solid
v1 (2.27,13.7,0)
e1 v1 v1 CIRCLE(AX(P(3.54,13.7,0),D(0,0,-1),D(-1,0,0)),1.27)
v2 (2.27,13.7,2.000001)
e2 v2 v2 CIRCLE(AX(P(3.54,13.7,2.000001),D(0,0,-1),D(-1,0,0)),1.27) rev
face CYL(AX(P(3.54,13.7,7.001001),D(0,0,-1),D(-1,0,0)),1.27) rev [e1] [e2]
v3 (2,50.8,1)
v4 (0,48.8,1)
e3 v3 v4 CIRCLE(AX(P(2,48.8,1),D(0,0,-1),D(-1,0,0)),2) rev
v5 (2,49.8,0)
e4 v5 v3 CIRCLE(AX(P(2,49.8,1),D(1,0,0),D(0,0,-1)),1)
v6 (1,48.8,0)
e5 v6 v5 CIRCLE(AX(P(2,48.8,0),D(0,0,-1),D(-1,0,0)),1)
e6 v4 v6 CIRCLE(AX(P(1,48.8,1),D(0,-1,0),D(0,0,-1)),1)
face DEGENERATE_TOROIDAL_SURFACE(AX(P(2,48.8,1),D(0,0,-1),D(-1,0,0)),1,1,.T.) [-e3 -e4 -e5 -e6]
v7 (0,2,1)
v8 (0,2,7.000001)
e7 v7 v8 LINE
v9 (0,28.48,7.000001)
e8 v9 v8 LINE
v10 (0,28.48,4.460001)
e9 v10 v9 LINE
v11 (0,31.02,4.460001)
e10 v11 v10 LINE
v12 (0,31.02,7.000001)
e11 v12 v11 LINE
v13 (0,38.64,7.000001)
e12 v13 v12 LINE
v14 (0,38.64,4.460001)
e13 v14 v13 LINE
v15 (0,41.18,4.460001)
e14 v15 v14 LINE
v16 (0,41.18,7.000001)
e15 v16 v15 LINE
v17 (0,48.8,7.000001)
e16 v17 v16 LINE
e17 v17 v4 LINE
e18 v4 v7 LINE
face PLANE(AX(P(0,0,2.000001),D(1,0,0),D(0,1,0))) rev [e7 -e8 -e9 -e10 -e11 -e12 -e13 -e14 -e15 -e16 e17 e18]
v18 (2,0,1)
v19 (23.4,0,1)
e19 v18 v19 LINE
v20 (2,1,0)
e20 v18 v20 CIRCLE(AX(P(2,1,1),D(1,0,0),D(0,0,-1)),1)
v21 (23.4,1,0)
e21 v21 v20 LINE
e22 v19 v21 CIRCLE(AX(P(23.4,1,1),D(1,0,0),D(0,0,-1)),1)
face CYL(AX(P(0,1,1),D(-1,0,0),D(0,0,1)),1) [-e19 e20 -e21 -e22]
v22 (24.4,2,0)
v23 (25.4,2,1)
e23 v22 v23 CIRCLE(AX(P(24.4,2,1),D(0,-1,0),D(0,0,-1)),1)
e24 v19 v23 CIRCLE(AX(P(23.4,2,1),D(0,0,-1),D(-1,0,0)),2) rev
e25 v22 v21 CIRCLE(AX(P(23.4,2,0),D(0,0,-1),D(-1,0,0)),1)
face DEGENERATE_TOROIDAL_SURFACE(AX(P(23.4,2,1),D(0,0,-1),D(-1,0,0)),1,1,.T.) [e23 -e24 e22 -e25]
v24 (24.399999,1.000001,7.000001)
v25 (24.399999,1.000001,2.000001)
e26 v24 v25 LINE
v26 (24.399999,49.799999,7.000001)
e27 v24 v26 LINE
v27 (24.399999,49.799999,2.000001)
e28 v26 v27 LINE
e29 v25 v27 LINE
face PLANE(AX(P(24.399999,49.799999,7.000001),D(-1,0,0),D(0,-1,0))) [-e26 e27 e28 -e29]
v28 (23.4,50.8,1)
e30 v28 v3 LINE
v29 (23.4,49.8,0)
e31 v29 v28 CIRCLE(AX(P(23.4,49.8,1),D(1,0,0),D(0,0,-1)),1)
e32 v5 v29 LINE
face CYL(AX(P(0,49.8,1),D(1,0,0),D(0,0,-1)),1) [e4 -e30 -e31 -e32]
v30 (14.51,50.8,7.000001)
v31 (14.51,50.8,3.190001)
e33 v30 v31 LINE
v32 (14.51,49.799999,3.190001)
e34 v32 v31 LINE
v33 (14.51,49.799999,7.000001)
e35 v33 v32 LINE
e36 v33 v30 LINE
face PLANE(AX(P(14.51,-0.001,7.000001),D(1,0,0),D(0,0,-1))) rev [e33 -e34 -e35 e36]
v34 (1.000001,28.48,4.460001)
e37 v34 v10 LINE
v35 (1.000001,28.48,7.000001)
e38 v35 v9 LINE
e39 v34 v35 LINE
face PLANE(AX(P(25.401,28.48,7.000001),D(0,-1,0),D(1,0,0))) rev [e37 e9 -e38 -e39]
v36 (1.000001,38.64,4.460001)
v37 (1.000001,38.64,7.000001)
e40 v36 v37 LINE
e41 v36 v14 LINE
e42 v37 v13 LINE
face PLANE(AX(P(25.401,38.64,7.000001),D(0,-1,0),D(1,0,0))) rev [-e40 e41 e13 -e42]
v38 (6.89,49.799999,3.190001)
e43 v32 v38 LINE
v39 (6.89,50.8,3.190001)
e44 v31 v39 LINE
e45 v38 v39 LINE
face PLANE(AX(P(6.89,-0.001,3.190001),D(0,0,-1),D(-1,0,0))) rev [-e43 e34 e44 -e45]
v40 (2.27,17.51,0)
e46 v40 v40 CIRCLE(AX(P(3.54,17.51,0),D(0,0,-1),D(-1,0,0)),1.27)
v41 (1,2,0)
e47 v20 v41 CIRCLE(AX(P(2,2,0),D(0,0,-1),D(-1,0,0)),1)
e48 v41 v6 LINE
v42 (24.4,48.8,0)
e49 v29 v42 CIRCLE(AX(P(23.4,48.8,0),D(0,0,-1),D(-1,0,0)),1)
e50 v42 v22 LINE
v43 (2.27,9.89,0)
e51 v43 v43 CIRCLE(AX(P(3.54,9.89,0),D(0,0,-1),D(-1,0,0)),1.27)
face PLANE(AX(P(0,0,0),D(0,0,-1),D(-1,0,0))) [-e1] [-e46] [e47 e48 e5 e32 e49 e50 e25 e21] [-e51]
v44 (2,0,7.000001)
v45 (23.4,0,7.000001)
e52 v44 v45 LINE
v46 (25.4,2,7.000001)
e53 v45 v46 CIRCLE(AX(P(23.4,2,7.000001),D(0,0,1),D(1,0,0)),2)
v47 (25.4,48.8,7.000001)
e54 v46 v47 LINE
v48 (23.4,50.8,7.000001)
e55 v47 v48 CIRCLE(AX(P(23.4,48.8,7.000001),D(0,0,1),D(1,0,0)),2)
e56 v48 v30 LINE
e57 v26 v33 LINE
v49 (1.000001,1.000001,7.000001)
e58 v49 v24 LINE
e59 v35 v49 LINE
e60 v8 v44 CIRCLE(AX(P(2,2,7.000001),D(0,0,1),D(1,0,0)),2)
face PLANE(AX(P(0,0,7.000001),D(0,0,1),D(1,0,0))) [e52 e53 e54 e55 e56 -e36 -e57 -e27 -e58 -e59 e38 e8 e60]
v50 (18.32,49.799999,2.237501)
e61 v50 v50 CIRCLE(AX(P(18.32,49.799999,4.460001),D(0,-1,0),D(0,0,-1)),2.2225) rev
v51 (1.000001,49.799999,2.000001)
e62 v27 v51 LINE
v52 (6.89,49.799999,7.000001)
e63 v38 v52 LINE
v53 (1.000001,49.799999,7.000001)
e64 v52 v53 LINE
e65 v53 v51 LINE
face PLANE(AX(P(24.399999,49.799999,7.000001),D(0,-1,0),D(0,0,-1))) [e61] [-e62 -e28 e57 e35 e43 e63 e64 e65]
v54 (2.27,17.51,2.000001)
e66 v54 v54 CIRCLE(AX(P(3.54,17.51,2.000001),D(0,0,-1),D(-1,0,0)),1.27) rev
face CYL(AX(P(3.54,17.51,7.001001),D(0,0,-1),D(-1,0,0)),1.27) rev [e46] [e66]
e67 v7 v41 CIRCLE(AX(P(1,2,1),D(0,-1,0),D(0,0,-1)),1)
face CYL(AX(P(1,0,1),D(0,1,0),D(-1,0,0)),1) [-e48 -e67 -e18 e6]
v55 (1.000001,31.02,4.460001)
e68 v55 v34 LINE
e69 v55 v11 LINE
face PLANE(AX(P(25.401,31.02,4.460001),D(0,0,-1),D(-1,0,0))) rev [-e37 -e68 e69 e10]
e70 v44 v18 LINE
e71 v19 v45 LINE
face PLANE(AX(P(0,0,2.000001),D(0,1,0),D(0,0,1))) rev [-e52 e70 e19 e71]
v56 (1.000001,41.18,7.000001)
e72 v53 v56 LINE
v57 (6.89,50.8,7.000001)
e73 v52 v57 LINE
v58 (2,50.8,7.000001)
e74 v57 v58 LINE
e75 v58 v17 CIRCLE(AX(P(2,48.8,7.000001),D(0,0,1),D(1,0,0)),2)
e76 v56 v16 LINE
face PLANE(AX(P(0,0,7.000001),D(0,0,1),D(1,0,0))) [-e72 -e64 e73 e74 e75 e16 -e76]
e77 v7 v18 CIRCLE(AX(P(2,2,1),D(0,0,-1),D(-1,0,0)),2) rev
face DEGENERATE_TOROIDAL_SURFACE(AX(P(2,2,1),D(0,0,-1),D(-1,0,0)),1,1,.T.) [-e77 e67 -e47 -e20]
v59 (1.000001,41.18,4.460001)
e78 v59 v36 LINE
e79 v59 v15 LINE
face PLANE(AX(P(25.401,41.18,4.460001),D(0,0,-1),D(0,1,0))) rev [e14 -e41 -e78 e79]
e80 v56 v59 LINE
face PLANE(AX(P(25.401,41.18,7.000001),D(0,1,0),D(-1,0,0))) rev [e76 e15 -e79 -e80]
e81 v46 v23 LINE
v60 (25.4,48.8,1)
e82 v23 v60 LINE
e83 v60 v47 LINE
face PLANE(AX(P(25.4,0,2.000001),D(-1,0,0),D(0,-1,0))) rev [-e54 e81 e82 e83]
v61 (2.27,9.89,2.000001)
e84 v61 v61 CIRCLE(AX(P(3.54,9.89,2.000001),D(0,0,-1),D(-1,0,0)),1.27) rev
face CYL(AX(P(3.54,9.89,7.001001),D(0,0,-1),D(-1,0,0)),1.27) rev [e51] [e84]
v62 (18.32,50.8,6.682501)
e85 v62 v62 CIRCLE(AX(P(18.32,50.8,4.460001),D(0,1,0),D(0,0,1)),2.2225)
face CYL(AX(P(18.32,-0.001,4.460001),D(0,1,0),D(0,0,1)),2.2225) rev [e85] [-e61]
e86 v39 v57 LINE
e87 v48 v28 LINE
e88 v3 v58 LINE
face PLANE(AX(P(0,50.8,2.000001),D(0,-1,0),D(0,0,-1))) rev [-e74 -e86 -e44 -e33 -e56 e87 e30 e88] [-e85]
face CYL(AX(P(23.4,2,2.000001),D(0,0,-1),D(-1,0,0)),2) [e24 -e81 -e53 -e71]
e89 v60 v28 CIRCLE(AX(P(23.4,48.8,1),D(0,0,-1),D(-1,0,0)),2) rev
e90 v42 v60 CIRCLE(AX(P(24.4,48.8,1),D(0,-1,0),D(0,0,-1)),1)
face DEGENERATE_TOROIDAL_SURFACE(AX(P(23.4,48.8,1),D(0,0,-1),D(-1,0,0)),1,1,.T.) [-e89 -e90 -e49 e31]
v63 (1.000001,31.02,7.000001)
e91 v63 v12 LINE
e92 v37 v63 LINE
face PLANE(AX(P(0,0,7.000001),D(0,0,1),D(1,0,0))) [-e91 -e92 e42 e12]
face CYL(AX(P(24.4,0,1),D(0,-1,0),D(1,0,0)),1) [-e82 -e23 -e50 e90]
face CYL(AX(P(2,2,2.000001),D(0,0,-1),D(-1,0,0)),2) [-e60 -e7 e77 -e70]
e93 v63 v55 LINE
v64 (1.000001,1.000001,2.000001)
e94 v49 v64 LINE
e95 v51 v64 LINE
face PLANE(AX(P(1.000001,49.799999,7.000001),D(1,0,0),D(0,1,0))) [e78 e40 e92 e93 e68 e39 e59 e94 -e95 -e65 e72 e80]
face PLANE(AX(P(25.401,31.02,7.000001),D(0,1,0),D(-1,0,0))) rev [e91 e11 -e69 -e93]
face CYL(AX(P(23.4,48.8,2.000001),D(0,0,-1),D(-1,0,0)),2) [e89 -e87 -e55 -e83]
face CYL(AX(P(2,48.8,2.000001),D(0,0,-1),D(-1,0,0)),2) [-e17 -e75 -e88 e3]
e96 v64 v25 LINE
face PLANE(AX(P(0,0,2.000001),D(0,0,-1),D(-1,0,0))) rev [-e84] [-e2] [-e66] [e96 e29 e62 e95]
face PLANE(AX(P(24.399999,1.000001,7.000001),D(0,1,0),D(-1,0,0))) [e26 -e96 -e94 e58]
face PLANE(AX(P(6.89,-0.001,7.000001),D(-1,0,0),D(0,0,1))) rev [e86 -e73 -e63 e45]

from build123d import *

# Parameters (mm, degrees)
SKETCH1_W           = 25.4
SKETCH1_H           = 50.8
BOSS_EXTRUDE1_DEPTH = 2.00000108
SKETCH2_W           = 25.4
SKETCH2_H           = 50.8
SKETCH2_W_2         = 23.39999892
SKETCH2_H_2         = 48.79999892
BOSS_EXTRUDE2_DEPTH = 4.999999906
FILLET1_R           = 2.000000064
FILLET2_R           = 1.000000032
CUT_EXTRUDE3_REACH  = 52.8
SKETCH6_R           = 2.2225
CUT_EXTRUDE4_REACH  = 52.8
SKETCH7_W           = 7.62
SKETCH7_H           = 3.81
CUT_EXTRUDE5_REACH  = 27.4
SKETCH8_W           = 2.54
SKETCH8_H           = 2.54
CUT_EXTRUDE6_REACH  = 9
SKETCH9_R           = 1.27


with BuildPart() as part:
    # Sketch1 → Boss-Extrude1 (new body)
    with BuildSketch(Plane.XY):
        with Locations((12.7, 25.4)):
            Rectangle(SKETCH1_W, SKETCH1_H)
    extrude(amount=BOSS_EXTRUDE1_DEPTH)

    # Sketch2 → Boss-Extrude2 (add)
    with BuildSketch(Plane.XY.offset(2.00000108)):
        with Locations((12.7, 25.4)):
            Rectangle(SKETCH2_W, SKETCH2_H)
        with Locations((12.7, 25.4)):
            Rectangle(SKETCH2_W_2, SKETCH2_H_2, mode=Mode.SUBTRACT)
    extrude(amount=BOSS_EXTRUDE2_DEPTH)

    # Fillet1
    fillet1_edges = [part.edges().sort_by_distance(p)[0] for p in [
        (0, 50.8, 3.500000493),
        (25.4, 50.8, 3.500000493),
        (25.4, 0, 3.500000493),
        (0, 0, 3.500000493),
    ]]
    fillet(fillet1_edges, radius=FILLET1_R)

    # Fillet2
    fillet2_edges = [part.edges().sort_by_distance(p)[0] for p in [
        (12.7, 0, 0),
        (0, 25.4, 0),
        (12.7, 50.8, 0),
        (25.4, 25.4, 0),
        (24.814213544, 50.214213544, 0),
        (0.585786456, 50.214213544, 0),
        (24.814213544, 0.585786456, 0),
        (0.585786456, 0.585786456, 0),
    ]]
    fillet(fillet2_edges, radius=FILLET2_R)

    # Sketch6 → Cut-Extrude3 (cut, up to next)
    with BuildSketch(Plane(origin=(0, 50.8, 0), x_dir=(1, 0, 0), z_dir=(0, 1, 0)), mode=Mode.PRIVATE) as cut_extrude3_sk1:
        with Locations((18.319999936, -4.460000986)):
            Circle(SKETCH6_R)
    cut_extrude3_tool1 = extrude(cut_extrude3_sk1.sketch, amount=-CUT_EXTRUDE3_REACH, mode=Mode.PRIVATE) & part.part
    add(cut_extrude3_tool1.solids().sort_by_distance((18.32, 50.8, 4.460001))[0], mode=Mode.SUBTRACT)

    # Sketch7 → Cut-Extrude4 (cut, up to next)
    with BuildSketch(Plane(origin=(0, 50.8, 0), x_dir=(1, 0, 0), z_dir=(0, 1, 0)), mode=Mode.PRIVATE) as cut_extrude4_sk1:
        with Locations((10.699999936, -5.095000986)):
            Rectangle(SKETCH7_W, SKETCH7_H)
    cut_extrude4_tool1 = extrude(cut_extrude4_sk1.sketch, amount=-CUT_EXTRUDE4_REACH, mode=Mode.PRIVATE) & part.part
    add(cut_extrude4_tool1.solids().sort_by_distance((10.7, 50.8, 5.095001))[0], mode=Mode.SUBTRACT)

    # Sketch8 → Cut-Extrude5 (cut, up to next)
    with BuildSketch(Plane.ZY, mode=Mode.PRIVATE) as cut_extrude5_sk1:
        with Locations((5.730000986, 39.909999936)):
            Rectangle(SKETCH8_W, SKETCH8_H)
    cut_extrude5_tool1 = extrude(cut_extrude5_sk1.sketch, amount=-CUT_EXTRUDE5_REACH, mode=Mode.PRIVATE) & part.part
    add(cut_extrude5_tool1.solids().sort_by_distance((0, 39.91, 5.730001))[0], mode=Mode.SUBTRACT)
    # Sketch8 → Cut-Extrude5 (cut, up to next)
    with BuildSketch(Plane.ZY, mode=Mode.PRIVATE) as cut_extrude5_sk2:
        with Locations((5.730000986, 29.749999936)):
            Rectangle(SKETCH8_W, SKETCH8_H)
    cut_extrude5_tool2 = extrude(cut_extrude5_sk2.sketch, amount=-CUT_EXTRUDE5_REACH, mode=Mode.PRIVATE) & part.part
    add(cut_extrude5_tool2.solids().sort_by_distance((0, 29.75, 5.730001))[0], mode=Mode.SUBTRACT)

    # Sketch9 → Cut-Extrude6 (cut, up to next)
    with BuildSketch(Plane(origin=(0, 0, 0), x_dir=(-1, 0, 0), z_dir=(0, 0, -1)), mode=Mode.PRIVATE) as cut_extrude6_sk1:
        with Locations((-3.540000032, 9.890000032)):
            Circle(SKETCH9_R)
    cut_extrude6_tool1 = extrude(cut_extrude6_sk1.sketch, amount=-CUT_EXTRUDE6_REACH, mode=Mode.PRIVATE) & part.part
    add(cut_extrude6_tool1.solids().sort_by_distance((3.54, 9.89, 0))[0], mode=Mode.SUBTRACT)
    # Sketch9 → Cut-Extrude6 (cut, up to next)
    with BuildSketch(Plane(origin=(0, 0, 0), x_dir=(-1, 0, 0), z_dir=(0, 0, -1)), mode=Mode.PRIVATE) as cut_extrude6_sk2:
        with Locations((-3.540000032, 13.700000032)):
            Circle(SKETCH9_R)
    cut_extrude6_tool2 = extrude(cut_extrude6_sk2.sketch, amount=-CUT_EXTRUDE6_REACH, mode=Mode.PRIVATE) & part.part
    add(cut_extrude6_tool2.solids().sort_by_distance((3.54, 13.7, 0))[0], mode=Mode.SUBTRACT)
    # Sketch9 → Cut-Extrude6 (cut, up to next)
    with BuildSketch(Plane(origin=(0, 0, 0), x_dir=(-1, 0, 0), z_dir=(0, 0, -1)), mode=Mode.PRIVATE) as cut_extrude6_sk3:
        with Locations((-3.540000032, 17.510000032)):
            Circle(SKETCH9_R)
    cut_extrude6_tool3 = extrude(cut_extrude6_sk3.sketch, amount=-CUT_EXTRUDE6_REACH, mode=Mode.PRIVATE) & part.part
    add(cut_extrude6_tool3.solids().sort_by_distance((3.54, 17.51, 0))[0], mode=Mode.SUBTRACT)


solid = part.part
